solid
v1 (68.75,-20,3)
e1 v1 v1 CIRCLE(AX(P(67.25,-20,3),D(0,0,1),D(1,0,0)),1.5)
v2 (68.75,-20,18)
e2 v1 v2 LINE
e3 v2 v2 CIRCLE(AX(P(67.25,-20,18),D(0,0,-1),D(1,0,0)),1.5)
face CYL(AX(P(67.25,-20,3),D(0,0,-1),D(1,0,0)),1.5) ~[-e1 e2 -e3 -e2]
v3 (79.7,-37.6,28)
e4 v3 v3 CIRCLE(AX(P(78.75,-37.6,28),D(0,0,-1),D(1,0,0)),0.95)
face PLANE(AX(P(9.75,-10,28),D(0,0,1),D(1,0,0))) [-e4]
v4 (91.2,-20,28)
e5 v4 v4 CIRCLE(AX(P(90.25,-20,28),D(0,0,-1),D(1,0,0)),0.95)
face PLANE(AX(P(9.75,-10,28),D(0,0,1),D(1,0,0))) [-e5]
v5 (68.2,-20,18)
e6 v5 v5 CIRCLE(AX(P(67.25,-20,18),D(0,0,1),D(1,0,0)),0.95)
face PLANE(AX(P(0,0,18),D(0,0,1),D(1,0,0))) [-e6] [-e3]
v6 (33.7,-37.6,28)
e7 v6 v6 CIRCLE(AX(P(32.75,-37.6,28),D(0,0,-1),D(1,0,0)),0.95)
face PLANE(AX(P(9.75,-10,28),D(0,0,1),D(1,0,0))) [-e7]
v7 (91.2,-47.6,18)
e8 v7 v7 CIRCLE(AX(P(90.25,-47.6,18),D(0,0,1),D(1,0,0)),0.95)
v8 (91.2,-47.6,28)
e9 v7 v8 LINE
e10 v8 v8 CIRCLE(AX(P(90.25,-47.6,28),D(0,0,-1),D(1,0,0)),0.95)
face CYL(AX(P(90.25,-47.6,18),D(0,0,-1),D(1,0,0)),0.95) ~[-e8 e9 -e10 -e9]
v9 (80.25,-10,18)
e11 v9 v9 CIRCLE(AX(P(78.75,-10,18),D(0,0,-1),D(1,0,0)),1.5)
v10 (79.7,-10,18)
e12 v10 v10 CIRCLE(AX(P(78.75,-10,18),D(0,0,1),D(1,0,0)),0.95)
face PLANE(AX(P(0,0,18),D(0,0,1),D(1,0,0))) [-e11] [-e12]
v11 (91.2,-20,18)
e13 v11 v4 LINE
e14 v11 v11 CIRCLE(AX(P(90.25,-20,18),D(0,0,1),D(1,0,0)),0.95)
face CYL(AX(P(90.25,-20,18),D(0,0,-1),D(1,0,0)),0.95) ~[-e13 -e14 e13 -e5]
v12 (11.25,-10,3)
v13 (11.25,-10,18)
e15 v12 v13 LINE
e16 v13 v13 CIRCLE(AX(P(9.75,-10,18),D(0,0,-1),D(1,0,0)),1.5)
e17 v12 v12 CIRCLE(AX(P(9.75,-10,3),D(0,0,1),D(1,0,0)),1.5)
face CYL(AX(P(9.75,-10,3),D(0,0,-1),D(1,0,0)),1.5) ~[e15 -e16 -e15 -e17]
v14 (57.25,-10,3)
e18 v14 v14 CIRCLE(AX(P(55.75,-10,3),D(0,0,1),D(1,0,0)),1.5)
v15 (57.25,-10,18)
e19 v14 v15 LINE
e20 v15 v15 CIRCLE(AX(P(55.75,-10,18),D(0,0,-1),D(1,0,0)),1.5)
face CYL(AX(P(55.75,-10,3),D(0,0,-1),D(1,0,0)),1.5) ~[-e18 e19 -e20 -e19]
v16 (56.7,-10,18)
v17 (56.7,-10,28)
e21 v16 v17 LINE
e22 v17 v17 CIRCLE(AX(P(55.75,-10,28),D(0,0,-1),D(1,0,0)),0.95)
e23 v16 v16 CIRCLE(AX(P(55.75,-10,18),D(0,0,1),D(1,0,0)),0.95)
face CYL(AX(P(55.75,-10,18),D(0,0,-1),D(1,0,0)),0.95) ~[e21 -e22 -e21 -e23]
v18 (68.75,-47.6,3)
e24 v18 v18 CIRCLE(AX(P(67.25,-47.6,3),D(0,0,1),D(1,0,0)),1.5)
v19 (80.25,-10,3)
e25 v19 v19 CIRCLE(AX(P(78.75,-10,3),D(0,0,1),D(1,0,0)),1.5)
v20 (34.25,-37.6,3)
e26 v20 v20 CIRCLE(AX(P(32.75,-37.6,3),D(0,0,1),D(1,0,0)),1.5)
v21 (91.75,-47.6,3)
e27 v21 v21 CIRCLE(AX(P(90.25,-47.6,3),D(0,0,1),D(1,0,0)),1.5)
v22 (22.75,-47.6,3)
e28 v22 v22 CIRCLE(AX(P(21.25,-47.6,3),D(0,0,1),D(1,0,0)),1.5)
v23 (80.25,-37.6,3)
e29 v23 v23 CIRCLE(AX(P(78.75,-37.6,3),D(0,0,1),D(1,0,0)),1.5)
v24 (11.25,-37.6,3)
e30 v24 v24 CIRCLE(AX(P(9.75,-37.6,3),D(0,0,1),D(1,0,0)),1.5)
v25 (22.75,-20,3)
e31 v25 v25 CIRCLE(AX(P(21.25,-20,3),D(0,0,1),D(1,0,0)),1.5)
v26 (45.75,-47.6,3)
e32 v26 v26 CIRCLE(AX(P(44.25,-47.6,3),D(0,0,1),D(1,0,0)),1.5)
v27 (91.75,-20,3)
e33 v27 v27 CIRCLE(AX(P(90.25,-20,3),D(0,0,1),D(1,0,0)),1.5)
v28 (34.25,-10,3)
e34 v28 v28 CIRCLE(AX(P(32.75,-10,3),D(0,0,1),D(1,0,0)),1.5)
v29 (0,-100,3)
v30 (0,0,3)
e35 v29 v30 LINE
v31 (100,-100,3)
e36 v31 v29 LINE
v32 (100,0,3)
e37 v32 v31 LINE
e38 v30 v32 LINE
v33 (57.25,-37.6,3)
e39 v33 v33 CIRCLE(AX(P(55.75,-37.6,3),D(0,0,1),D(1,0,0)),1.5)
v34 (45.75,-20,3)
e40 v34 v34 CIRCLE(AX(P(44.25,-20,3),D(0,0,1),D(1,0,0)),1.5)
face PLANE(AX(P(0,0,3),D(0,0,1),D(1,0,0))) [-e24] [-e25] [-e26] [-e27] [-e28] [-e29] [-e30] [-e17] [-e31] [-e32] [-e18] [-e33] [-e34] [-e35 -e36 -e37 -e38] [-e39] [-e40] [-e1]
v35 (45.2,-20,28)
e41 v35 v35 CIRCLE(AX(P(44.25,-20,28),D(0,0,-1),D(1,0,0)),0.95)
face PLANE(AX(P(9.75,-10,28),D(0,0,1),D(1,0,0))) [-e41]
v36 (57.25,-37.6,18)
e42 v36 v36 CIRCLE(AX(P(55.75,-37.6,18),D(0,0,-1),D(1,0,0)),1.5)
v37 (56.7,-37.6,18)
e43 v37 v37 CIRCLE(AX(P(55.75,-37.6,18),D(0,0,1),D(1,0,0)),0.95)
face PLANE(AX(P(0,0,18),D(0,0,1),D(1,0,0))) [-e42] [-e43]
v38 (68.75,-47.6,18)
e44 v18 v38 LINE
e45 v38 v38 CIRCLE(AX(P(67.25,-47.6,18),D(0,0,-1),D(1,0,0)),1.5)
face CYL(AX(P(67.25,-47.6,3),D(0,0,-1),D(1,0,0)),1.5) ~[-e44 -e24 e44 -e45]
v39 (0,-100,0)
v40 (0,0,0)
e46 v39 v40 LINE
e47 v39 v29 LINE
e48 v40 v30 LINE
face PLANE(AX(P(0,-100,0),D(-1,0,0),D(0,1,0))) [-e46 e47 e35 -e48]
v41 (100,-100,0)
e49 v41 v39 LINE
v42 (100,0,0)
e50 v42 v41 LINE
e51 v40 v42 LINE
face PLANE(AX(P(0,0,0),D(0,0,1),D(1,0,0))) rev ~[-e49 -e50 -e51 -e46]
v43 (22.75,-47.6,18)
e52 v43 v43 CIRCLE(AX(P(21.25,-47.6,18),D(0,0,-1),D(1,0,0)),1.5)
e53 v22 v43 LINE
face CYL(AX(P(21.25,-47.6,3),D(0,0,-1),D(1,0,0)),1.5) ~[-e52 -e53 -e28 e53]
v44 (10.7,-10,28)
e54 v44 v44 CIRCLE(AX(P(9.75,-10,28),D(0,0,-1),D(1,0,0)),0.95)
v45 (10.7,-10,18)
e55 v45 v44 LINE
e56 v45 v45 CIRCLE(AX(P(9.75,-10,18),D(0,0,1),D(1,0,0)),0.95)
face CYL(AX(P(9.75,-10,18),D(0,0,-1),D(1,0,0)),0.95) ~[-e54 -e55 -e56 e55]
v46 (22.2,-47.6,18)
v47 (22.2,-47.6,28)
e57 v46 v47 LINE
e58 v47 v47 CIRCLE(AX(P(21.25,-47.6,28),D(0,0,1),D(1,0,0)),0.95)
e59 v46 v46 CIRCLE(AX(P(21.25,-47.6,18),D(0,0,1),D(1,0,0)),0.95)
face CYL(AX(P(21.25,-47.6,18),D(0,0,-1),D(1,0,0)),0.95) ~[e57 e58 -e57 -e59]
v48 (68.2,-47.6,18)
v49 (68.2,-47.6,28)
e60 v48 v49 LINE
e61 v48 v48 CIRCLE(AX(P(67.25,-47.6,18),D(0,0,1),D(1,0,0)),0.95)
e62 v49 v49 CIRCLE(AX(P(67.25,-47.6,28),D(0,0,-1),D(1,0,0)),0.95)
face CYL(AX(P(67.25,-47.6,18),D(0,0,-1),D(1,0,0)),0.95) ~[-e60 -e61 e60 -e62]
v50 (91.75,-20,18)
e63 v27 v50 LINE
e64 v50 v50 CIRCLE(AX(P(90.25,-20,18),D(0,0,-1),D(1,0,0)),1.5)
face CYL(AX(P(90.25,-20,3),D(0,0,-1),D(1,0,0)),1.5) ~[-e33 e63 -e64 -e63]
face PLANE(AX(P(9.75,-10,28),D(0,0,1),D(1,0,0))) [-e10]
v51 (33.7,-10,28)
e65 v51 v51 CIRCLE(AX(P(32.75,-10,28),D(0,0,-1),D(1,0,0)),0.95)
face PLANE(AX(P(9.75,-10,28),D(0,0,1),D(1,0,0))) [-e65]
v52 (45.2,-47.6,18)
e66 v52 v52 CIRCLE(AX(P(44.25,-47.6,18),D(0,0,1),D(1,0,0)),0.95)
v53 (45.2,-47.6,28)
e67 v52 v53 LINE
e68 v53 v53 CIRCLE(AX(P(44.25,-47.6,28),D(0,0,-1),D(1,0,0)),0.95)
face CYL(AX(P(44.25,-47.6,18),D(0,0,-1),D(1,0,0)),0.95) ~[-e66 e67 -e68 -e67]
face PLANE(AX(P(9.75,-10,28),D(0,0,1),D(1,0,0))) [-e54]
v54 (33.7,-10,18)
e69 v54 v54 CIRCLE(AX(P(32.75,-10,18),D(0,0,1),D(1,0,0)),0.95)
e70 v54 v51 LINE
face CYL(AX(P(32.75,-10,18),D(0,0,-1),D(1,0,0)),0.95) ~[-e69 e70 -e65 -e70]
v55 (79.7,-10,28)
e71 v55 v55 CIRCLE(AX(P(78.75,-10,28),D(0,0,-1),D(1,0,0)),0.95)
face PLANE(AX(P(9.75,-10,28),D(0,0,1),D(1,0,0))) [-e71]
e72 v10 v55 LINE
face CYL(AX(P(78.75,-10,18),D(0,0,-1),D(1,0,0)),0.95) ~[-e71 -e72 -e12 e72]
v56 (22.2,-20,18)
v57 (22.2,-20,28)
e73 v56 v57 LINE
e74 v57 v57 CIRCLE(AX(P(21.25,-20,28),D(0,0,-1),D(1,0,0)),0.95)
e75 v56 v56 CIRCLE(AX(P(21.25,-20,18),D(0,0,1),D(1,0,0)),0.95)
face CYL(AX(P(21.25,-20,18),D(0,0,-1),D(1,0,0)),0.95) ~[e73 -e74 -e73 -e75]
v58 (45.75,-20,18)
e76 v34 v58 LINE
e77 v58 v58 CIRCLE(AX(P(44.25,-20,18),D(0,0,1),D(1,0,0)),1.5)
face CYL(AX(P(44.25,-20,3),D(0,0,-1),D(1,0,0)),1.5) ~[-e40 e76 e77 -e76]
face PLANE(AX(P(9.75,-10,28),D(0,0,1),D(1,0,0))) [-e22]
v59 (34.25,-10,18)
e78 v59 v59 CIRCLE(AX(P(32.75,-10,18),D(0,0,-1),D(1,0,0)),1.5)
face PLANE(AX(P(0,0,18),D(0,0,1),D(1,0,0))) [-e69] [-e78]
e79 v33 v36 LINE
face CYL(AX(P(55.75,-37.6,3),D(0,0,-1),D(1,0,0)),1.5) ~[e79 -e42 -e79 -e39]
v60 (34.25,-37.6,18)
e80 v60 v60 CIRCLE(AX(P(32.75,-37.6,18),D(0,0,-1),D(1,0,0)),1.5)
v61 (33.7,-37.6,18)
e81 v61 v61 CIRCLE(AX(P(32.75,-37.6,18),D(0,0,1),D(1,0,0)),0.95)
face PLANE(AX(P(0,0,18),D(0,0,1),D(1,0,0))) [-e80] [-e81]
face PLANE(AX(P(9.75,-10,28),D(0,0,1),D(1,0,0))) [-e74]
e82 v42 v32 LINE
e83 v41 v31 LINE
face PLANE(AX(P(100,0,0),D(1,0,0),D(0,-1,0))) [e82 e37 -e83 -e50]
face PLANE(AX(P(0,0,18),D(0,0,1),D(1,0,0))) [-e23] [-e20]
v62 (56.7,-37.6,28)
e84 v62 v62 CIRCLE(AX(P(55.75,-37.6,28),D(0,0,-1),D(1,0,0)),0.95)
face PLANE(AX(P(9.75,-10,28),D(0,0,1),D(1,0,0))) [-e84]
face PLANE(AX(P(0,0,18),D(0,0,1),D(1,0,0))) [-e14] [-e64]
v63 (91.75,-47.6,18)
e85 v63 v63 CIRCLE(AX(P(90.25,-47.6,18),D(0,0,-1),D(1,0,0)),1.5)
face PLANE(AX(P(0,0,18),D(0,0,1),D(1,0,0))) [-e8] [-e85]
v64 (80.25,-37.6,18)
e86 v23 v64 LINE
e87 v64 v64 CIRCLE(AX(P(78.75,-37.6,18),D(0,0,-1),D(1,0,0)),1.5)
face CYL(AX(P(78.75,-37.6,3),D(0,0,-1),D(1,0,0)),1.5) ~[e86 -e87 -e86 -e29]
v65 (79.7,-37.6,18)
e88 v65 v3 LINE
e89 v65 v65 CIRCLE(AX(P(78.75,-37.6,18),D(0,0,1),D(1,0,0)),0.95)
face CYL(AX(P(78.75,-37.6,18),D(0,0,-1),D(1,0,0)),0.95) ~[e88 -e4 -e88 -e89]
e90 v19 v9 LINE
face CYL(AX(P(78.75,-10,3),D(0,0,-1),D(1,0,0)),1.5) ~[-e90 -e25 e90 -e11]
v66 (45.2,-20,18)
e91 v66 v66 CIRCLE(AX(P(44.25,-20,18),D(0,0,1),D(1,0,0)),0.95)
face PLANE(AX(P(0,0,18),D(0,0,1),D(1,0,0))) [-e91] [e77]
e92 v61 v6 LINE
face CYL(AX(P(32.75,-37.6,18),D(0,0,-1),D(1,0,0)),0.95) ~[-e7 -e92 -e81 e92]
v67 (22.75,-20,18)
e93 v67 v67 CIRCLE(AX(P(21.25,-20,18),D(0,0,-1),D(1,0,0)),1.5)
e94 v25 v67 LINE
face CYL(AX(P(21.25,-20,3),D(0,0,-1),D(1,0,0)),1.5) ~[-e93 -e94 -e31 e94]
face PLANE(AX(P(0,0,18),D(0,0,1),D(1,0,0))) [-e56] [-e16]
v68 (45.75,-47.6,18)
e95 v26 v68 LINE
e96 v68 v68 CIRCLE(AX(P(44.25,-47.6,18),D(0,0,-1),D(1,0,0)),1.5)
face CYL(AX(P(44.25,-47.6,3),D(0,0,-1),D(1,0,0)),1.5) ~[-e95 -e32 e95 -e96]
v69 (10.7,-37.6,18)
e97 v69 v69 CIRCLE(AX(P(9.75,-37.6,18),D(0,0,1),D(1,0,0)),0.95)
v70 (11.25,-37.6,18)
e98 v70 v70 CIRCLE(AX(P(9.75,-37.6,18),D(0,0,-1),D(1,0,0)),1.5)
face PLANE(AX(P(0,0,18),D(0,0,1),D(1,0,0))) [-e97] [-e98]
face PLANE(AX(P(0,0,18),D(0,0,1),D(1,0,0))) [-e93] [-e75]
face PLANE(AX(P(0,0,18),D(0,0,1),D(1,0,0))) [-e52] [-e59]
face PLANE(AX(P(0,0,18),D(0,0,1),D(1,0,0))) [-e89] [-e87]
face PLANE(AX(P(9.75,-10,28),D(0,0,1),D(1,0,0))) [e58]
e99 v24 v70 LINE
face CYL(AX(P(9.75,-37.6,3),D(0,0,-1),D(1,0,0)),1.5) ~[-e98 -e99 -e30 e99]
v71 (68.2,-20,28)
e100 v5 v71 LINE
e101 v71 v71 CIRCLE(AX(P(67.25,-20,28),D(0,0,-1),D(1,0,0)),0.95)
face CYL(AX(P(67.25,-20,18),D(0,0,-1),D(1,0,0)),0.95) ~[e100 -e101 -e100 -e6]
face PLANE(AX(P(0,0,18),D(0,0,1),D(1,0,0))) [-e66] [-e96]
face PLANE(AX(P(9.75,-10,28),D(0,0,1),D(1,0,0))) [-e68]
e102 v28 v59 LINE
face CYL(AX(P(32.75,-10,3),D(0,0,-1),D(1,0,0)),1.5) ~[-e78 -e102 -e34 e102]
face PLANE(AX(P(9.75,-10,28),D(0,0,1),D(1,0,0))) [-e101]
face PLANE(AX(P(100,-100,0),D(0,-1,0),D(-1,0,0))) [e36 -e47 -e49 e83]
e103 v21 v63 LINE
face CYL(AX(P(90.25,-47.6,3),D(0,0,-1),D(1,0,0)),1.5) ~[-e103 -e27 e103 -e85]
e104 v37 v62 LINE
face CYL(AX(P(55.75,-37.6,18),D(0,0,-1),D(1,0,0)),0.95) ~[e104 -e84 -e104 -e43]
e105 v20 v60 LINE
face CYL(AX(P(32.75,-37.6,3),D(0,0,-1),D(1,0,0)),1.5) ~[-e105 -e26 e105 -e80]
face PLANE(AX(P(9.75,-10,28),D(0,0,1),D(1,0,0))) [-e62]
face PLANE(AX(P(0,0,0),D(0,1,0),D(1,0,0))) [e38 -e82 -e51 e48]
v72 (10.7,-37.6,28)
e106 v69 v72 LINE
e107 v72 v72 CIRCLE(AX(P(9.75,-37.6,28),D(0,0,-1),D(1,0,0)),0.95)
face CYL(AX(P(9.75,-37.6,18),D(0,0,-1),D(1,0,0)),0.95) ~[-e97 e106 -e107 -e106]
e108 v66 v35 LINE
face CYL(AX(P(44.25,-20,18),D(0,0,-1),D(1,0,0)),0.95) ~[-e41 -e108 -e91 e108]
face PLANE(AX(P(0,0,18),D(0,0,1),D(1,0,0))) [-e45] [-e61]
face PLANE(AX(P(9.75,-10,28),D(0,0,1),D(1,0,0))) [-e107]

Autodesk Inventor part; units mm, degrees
ref_plane "YZ Plane" through (0, 0, 0) normal (1, 0, 0) x (0, 1, 0)
ref_plane "XZ Plane" through (0, 0, 0) normal (0, 1, 0) x (-1, 0, 0)
ref_plane "XY Plane" through (0, 0, 0) normal (0, 0, 1) x (1, 0, 0)
sketch "Esboço1" plane through (0, 0, 0) normal (0, 0, 1) x (1, 0, 0)
  line L0 (0, 0) -> (100, 0)
  line L1 (100, 0) -> (100, -100)
  line L2 (100, -100) -> (0, -100)
  line L3 (0, -100) -> (0, 0)
  dimension "d0" = 100
  dimension "d1" = 100
extrude "Extrusão1" add sketch "Esboço1" along normal blind 3
sketch "Esboço2" plane through (0, 0, 3) normal (0, 0, 1) x (1, 0, 0)
  line L0 (0, 0) -> (0, -100) projected
  line L1 (0, 0) -> (9.75, 0)
  line L2 (100, 0) -> (0, 0) projected
  line L3 (9.75, 0) -> (9.75, -10)
  line L4 (9.75, 0) -> (21.25, 0)
  line L5 (21.25, 0) -> (32.75, 0)
  line L6 (32.75, 0) -> (44.25, 0)
  line L7 (44.25, 0) -> (55.75, 0)
  line L8 (55.75, 0) -> (67.25, 0)
  line L9 (67.25, 0) -> (78.75, 0)
  line L10 (78.75, 0) -> (90.25, 0)
  line L11 (90.25, 0) -> (100, 0)
  line L12 (21.25, 0) -> (21.25, -10)
  line L13 (9.75, -10) -> (9.75, -37.6)
  line L14 (9.75, -37.6) -> (21.25, -37.6)
  line L15 (21.25, -37.6) -> (32.75, -37.6)
  line L16 (32.75, -37.6) -> (44.25, -37.6)
  line L17 (44.25, -37.6) -> (55.75, -37.6)
  line L18 (55.75, -37.6) -> (67.25, -37.6)
  line L19 (67.25, -37.6) -> (78.75, -37.6)
  line L20 (78.75, -37.6) -> (90.25, -37.6)
  line L21 (90.25, -37.6) -> (90.25, -10)
  line L22 (90.25, -10) -> (78.75, -10)
  line L23 (78.75, -10) -> (67.25, -10)
  line L24 (67.25, -10) -> (55.75, -10)
  line L25 (55.75, -10) -> (44.25, -10)
  line L26 (44.25, -10) -> (32.75, -10)
  line L27 (32.75, -10) -> (21.25, -10)
  circle A0 centre (9.75, -10) radius 1.5
  circle A1 centre (9.75, -37.6) radius 1.5
  circle A2 centre (32.75, -10) radius 1.5
  circle A3 centre (55.75, -10) radius 1.5
  circle A4 centre (78.75, -10) radius 1.5
  circle A5 centre (78.75, -37.6) radius 1.5
  circle A6 centre (55.75, -37.6) radius 1.5
  circle A7 centre (32.75, -37.6) radius 1.5
  line L28 (21.25, -10) -> (21.25, -20)
  circle A8 centre (21.25, -20) radius 1.5
  line L29 (21.25, -20) -> (21.25, -47.6)
  line L30 (21.25, -47.6) -> (44.25, -47.6)
  line L31 (44.25, -47.6) -> (67.25, -47.6)
  line L32 (67.25, -47.6) -> (90.25, -47.6)
  line L33 (90.25, -47.6) -> (90.25, -20)
  line L34 (90.25, -20) -> (67.25, -20)
  line L35 (67.25, -20) -> (44.25, -20)
  circle A9 centre (21.25, -47.6) radius 1.5
  circle A10 centre (44.25, -47.6) radius 1.5
  circle A11 centre (67.25, -47.6) radius 1.5
  circle A12 centre (90.25, -47.6) radius 1.5
  circle A13 centre (90.25, -20) radius 1.5
  circle A14 centre (67.25, -20) radius 1.5
  circle A15 centre (44.25, -20) radius 1.5
  dimension "d4" = 9.75
  dimension "d5" = 10
  dimension "d7" = 11.5
  dimension "d8" = 11.5
  dimension "d9" = 11.5
  dimension "d10" = 11.5
  dimension "d11" = 11.5
  dimension "d12" = 11.5
  dimension "d13" = 11.5
  dimension "d14" = 27.6
  dimension "d16" = 3
  dimension "d17" = 3
  dimension "d19" = 3
  dimension "d21" = 3
  dimension "d23" = 3
  dimension "d26" = 3
  dimension "d28" = 3
  dimension "d30" = 3
  dimension "d101" = 10
  dimension "d102" = 3
  dimension "d103" = 27.6
  dimension "d104" = 23
  dimension "d105" = 23
  dimension "d106" = 23
  dimension "d107" = 27.6
  dimension "d108" = 23
  dimension "d109" = 23
  dimension "d110" = 3
  dimension "d111" = 3
  dimension "d112" = 3
  dimension "d113" = 3
  dimension "d114" = 3
  dimension "d115" = 3
  dimension "d116" = 3
extrude "Extrusão6" add sketch "Esboço2" along normal blind 15 contours A15 | A14 L35 L34 | L34 L35 A14 | A0 L13 L3 | L3 L13 A0 | A2 L26 L27 | L27 L26 A2 | A8 L29 L28 | L28 L29 A8 | A1 L14 L13 | L13 L14 A1 | A3 L24 L25 | L25 L24 A3 | A7 L16 L15 | L15 L16 A7 | A9 L30 L29 | L29 L30 A9 | A10 L31 L30 | L30 L31 A10 | A4 L22 L23 | L23 L22 A4 | A6 L18 L17 | L17 L18 A6 | A11 L32 L31 | L31 L32 A11 | A13 L21 | L21 L34 A13 | A5 L20 L19 | L19 L20 A5 | A12 L33 L32 | L32 L33 A12 | L21 A13 L34
sketch "Esboço5" plane through (9.75, -10, 18) normal (0, 0, 1) x (1, 0, 0)
  circle A0 centre (0, 0) radius 1.5 projected
  line L0 (0, 0) -> (23, 0)
  line L1 (23, 0) -> (46, 0)
  line L2 (46, 0) -> (69, 0)
  line L3 (0, 0) -> (0, -27.6)
  line L4 (0, -27.6) -> (23, -27.6)
  line L5 (23, -27.6) -> (46, -27.6)
  line L6 (46, -27.6) -> (69, -27.6)
  line L7 (0, 0) -> (11.5, 0)
  line L8 (11.5, 0) -> (11.5, -10)
  line L9 (11.5, -10) -> (34.5, -10)
  line L10 (34.5, -10) -> (57.5, -10)
  line L11 (57.5, -10) -> (80.5, -10)
  line L12 (80.5, -10) -> (80.5, -37.6)
  line L13 (80.5, -37.6) -> (57.5, -37.6)
  line L14 (57.5, -37.6) -> (34.5, -37.6)
  circle A1 centre (34.5, -37.6) radius 1.5 projected
  line L15 (34.5, -37.6) -> (11.5, -37.6)
  circle A2 centre (0, 0) radius 0.95
  circle A3 centre (11.5, -10) radius 0.95
  circle A4 centre (23, 0) radius 1.5 projected
  circle A5 centre (23, 0) radius 0.95
  circle A6 centre (34.5, -10) radius 0.95
  circle A7 centre (46, 0) radius 1.5 projected
  circle A8 centre (46, 0) radius 0.95
  circle A9 centre (57.5, -10) radius 0.95
  circle A10 centre (69, 0) radius 1.5 projected
  circle A11 centre (69, 0) radius 0.95
  circle A12 centre (80.5, -10) radius 0.95
  circle A13 centre (69, -27.6) radius 0.95
  circle A14 centre (80.5, -37.6) radius 0.95
  circle A15 centre (57.5, -37.6) radius 0.95
  circle A16 centre (46, -27.6) radius 0.95
  circle A17 centre (34.5, -37.6) radius 0.95
  circle A18 centre (23, -27.6) radius 0.95
  circle A19 centre (11.5, -37.6) radius 0.95
  circle A20 centre (0, -27.6) radius 0.95
  point P0 (-9.75, 10)
  dimension "d119" = 23
  dimension "d120" = 23
  dimension "d121" = 23
  dimension "d122" = 27.6
  dimension "d123" = 23
  dimension "d124" = 23
  dimension "d125" = 23
  dimension "d126" = 11.5
  dimension "d127" = 10
  dimension "d128" = 23
  dimension "d129" = 23
  dimension "d130" = 23
  dimension "d131" = 27.6
  dimension "d132" = 23
  dimension "d133" = 23
  dimension "d134" = 23
extrude "Extrusão7" add sketch "Esboço5" along normal blind 10 contours A13 | A16 L6 L5 | L5 L6 A16 | A18 L5 L4 | L4 L5 A18 | A20 L4 L3 | L3 L4 A20 | A11 | A19 | A15 L14 L13 | L13 L14 A15 | A14 L13 L12 | L12 L13 A14 | A12 L12 L11 | L11 L12 A12 | A9 L11 L10 | L10 L11 A9 | A6 L10 L9 | L9 L10 A6 | A3 L9 L8 | L8 L9 A3 | A2 L3 L0 | L0 L3 A2 | A5 L1 L0 | L0 L1 A5 | A8 L2 L1 | L1 L2 A8 | A17 L15 L14 | L14 L15 A17
properties part number "Palma"
